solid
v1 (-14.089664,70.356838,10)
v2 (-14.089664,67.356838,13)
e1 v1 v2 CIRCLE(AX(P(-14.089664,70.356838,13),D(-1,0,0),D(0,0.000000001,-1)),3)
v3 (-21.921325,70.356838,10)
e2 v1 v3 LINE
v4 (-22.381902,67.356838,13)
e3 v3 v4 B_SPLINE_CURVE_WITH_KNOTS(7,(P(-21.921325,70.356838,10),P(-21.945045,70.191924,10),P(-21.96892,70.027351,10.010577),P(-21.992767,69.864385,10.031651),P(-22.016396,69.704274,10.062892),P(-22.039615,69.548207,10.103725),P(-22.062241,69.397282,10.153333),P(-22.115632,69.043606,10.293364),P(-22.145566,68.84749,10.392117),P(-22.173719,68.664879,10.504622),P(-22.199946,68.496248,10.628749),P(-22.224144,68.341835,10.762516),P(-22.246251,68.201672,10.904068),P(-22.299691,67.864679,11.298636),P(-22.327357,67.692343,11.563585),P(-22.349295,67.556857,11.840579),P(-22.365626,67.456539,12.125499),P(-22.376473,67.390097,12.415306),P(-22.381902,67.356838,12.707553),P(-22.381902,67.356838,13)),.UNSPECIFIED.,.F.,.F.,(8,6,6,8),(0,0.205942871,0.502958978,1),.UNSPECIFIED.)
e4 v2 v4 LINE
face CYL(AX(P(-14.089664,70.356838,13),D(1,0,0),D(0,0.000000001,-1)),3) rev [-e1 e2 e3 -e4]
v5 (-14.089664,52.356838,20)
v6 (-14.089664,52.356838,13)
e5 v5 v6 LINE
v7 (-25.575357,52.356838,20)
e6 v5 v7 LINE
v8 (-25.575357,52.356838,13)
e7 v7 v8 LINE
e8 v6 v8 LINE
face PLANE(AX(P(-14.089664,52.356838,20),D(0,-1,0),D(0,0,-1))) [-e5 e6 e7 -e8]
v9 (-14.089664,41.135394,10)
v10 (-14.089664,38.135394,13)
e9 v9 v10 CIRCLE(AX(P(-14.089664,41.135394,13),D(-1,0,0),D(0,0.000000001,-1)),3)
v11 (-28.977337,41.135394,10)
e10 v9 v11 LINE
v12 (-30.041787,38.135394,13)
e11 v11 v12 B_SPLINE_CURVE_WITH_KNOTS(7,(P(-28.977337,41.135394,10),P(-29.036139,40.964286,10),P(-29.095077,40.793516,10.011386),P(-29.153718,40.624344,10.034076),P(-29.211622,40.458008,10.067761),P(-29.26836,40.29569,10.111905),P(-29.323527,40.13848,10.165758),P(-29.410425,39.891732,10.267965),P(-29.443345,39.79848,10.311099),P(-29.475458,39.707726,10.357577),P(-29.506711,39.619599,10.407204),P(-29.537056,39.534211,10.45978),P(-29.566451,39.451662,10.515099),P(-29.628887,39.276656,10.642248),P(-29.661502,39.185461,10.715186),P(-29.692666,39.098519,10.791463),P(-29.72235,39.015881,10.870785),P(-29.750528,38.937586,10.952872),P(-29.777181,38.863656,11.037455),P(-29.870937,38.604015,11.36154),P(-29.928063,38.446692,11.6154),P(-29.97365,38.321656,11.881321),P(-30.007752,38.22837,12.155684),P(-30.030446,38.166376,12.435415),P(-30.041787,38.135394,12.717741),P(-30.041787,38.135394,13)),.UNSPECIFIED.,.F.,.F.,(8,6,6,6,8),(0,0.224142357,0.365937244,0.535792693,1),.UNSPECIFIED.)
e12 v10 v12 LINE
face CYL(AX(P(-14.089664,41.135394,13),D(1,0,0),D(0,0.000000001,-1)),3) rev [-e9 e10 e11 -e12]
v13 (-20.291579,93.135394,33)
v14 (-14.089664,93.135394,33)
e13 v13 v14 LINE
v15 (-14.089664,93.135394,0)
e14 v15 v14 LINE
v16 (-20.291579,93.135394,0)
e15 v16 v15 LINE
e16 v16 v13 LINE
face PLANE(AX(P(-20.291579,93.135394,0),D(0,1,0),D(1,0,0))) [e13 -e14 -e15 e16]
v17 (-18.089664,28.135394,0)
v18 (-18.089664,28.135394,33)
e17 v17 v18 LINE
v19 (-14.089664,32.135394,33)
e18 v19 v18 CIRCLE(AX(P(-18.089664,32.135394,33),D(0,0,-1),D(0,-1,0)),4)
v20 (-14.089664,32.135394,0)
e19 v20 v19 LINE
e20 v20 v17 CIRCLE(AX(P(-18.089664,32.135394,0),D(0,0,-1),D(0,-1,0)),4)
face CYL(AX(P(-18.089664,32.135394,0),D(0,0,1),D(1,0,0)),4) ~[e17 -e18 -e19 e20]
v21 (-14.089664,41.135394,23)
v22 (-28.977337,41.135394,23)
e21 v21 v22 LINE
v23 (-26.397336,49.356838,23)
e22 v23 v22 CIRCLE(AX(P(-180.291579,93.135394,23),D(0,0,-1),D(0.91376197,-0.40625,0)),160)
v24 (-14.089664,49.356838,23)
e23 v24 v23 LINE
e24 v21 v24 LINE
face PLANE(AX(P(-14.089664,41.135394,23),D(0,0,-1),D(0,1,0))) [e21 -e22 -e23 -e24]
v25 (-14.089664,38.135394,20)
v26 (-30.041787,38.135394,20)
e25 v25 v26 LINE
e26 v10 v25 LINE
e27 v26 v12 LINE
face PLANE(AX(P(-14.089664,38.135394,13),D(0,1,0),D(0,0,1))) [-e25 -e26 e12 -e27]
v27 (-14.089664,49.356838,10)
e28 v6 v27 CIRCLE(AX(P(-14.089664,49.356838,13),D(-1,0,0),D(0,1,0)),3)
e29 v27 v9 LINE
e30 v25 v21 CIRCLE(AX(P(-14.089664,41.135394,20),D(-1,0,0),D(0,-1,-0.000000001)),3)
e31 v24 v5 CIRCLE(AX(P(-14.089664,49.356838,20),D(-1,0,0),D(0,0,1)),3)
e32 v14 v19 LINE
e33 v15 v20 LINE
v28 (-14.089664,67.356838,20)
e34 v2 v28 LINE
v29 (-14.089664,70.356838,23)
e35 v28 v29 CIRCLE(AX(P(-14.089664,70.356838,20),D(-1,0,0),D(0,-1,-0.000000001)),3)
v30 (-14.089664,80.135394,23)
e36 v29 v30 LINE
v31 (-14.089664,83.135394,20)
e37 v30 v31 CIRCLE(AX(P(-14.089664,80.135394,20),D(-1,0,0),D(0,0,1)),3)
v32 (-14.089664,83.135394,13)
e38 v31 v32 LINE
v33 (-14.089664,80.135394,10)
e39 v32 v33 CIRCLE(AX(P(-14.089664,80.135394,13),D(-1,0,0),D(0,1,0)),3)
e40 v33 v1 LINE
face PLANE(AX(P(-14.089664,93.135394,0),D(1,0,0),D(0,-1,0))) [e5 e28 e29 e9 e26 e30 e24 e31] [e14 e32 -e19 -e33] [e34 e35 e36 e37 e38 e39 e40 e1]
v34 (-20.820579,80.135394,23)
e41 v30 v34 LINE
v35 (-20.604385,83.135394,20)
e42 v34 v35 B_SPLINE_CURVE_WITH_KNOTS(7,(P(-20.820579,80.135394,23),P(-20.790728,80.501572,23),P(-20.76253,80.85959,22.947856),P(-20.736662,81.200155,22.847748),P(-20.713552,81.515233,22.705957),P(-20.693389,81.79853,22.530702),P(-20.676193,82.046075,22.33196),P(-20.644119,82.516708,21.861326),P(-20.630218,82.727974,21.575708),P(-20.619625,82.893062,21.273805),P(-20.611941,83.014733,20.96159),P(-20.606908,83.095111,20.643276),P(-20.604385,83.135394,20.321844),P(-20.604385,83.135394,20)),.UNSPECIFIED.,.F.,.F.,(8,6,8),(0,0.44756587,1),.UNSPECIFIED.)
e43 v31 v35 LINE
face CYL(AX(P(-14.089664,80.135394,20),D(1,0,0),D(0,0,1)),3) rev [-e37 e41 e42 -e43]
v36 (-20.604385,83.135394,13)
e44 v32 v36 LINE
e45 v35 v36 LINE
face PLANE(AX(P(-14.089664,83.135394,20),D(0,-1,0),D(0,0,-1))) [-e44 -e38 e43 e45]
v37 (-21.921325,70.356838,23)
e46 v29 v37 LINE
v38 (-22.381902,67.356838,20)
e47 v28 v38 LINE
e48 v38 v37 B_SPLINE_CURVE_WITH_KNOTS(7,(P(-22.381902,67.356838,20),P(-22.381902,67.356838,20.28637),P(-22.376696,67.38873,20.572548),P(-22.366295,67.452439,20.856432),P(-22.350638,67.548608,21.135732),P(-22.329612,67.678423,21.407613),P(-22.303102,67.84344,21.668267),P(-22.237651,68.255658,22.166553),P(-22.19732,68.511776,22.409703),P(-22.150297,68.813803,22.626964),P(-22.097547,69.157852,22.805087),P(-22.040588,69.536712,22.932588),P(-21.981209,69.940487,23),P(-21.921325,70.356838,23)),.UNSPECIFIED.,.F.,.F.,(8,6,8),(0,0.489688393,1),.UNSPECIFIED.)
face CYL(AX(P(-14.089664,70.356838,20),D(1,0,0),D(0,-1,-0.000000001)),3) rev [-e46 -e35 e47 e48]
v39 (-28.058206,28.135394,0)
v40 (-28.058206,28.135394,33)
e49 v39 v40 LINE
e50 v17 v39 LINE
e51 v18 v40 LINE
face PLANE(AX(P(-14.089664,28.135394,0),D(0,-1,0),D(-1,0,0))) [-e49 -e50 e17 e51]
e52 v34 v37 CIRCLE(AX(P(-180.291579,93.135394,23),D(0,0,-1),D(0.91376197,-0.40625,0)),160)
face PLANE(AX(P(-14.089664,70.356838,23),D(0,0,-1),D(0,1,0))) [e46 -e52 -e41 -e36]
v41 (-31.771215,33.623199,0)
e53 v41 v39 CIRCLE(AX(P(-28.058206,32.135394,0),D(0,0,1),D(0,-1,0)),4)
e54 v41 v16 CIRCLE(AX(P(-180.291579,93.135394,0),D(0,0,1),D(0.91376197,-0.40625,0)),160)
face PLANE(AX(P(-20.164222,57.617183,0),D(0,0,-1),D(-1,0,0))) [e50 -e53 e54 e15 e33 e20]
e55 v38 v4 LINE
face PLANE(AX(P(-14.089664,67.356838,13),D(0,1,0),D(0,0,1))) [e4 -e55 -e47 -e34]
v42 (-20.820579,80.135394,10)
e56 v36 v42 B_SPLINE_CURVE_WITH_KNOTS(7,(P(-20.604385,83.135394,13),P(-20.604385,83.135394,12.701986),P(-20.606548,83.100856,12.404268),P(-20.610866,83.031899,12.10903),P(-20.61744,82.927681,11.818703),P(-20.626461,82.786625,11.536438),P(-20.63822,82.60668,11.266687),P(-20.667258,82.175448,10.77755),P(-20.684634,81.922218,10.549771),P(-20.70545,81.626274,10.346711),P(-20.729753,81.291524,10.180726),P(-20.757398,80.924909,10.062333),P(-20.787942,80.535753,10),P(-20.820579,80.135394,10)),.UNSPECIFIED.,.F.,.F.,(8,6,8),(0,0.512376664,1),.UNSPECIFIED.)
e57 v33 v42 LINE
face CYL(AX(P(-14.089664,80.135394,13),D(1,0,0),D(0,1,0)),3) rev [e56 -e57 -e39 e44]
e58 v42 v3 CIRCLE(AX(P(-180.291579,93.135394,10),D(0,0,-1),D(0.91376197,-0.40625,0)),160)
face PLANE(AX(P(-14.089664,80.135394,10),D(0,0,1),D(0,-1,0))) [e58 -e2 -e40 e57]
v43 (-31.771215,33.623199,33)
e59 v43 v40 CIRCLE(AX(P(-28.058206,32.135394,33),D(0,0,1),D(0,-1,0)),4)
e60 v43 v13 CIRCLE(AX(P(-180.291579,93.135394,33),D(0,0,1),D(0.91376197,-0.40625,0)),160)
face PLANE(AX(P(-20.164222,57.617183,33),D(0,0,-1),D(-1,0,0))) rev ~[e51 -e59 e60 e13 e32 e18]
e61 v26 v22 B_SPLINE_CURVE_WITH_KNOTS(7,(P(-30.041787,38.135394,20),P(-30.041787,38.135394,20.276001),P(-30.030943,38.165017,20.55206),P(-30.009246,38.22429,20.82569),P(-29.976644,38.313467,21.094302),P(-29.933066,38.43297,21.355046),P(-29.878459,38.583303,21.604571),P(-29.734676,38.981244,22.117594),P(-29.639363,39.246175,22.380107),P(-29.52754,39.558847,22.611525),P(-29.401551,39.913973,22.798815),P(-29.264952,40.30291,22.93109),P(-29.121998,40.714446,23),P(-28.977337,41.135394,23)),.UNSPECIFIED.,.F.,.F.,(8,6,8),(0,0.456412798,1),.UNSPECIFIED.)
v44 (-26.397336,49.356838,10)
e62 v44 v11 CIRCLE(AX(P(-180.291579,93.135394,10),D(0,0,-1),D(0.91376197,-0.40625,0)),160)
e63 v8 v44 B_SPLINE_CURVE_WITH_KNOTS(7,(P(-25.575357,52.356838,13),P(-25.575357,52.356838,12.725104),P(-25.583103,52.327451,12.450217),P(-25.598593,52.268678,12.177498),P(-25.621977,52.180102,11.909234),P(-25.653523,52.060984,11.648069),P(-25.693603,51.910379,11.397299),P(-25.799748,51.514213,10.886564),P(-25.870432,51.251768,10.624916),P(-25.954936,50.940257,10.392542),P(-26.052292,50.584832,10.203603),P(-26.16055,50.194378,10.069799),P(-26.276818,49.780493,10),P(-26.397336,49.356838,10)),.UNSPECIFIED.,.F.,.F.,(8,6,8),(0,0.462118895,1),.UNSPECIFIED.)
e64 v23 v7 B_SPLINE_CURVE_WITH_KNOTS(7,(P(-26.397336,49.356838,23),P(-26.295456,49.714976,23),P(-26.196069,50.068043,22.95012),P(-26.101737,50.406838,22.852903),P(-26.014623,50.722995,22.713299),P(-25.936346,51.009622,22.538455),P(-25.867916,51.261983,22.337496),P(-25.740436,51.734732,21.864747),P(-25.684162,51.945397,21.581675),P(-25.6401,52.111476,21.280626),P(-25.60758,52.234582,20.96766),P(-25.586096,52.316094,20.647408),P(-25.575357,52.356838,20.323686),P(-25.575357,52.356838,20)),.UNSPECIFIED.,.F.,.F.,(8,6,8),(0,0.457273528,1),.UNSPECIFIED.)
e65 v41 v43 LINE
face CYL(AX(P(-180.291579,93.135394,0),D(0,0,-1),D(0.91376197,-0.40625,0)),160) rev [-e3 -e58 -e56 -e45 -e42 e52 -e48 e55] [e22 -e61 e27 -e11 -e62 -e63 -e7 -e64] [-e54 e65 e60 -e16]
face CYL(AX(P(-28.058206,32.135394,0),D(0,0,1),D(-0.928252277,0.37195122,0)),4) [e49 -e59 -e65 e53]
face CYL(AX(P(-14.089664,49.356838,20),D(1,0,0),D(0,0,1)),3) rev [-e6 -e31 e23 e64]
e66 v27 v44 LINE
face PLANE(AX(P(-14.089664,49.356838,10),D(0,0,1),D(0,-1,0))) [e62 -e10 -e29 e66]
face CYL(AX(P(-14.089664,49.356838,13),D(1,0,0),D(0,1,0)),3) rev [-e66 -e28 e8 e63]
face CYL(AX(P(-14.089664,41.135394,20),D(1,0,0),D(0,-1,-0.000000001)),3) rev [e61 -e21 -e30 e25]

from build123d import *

# Parameters (mm, degrees)
RESSALTO_EXTRUS_O1_DEPTH = 33
CORTE_EXTRUS_O1_DEPTH    = 33
FILETE1_R                = 4


with BuildPart() as part:
    # Esboço1 → Ressalto-extrusão1 (new body)
    with BuildSketch(Plane.XY):
        with BuildLine():
            Line((-20.29157915, 93.135393664), (-14.089663978, 93.135393664))
            Line((-14.089663978, 93.135393664), (-14.089663978, 28.135393664))
            Line((-14.089663978, 28.135393664), (-34.089663978, 28.135393664))
            ThreePointArc((-34.089663978, 28.135393664), (-23.779109315, 59.911203888), (-20.29157915, 93.135393664))
        make_face()
    extrude(amount=RESSALTO_EXTRUS_O1_DEPTH)

    # Esboço2 → Corte-extrusão1 (cut)
    with BuildSketch(Plane(origin=(-14.089663978, 0, 0), x_dir=(0, 0, -1), z_dir=(1, 0, 0))):
        with BuildLine():
            Line((-20, 83.135393664), (-13, 83.135393664))
            ThreePointArc((-13, 83.135393664), (-10.878679656, 82.256714007), (-10, 80.135393664))
            Line((-10, 80.135393664), (-10, 70.356838266))
            ThreePointArc((-10, 70.356838266), (-10.878679656, 68.235517922), (-13, 67.356838266))
            Line((-13, 67.356838266), (-20, 67.356838266))
            ThreePointArc((-20, 67.356838266), (-22.121320344, 68.235517922), (-23, 70.356838266))
            Line((-23, 70.356838266), (-23, 80.135393664))
            ThreePointArc((-23, 80.135393664), (-22.121320344, 82.256714007), (-20, 83.135393664))
        make_face()
        with BuildLine():
            Line((-20, 52.356838266), (-13, 52.356838266))
            ThreePointArc((-13, 52.356838266), (-10.878679656, 51.478158609), (-10, 49.356838266))
            Line((-10, 49.356838266), (-10, 41.135393664))
            ThreePointArc((-10, 41.135393664), (-10.878679656, 39.01407332), (-13, 38.135393664))
            Line((-13, 38.135393664), (-20, 38.135393664))
            ThreePointArc((-20, 38.135393664), (-22.121320344, 39.01407332), (-23, 41.135393664))
            Line((-23, 41.135393664), (-23, 49.356838266))
            ThreePointArc((-23, 49.356838266), (-22.121320344, 51.478158609), (-20, 52.356838266))
        make_face()
    extrude(amount=-CORTE_EXTRUS_O1_DEPTH, mode=Mode.SUBTRACT)

    # Filete1
    filete1_edges = [part.edges().sort_by_distance(p)[0] for p in [
        (-14.089663978, 28.135393664, 16.5),
        (-34.089663978, 28.135393664, 16.5),
    ]]
    fillet(filete1_edges, radius=FILETE1_R)


solid = part.part
